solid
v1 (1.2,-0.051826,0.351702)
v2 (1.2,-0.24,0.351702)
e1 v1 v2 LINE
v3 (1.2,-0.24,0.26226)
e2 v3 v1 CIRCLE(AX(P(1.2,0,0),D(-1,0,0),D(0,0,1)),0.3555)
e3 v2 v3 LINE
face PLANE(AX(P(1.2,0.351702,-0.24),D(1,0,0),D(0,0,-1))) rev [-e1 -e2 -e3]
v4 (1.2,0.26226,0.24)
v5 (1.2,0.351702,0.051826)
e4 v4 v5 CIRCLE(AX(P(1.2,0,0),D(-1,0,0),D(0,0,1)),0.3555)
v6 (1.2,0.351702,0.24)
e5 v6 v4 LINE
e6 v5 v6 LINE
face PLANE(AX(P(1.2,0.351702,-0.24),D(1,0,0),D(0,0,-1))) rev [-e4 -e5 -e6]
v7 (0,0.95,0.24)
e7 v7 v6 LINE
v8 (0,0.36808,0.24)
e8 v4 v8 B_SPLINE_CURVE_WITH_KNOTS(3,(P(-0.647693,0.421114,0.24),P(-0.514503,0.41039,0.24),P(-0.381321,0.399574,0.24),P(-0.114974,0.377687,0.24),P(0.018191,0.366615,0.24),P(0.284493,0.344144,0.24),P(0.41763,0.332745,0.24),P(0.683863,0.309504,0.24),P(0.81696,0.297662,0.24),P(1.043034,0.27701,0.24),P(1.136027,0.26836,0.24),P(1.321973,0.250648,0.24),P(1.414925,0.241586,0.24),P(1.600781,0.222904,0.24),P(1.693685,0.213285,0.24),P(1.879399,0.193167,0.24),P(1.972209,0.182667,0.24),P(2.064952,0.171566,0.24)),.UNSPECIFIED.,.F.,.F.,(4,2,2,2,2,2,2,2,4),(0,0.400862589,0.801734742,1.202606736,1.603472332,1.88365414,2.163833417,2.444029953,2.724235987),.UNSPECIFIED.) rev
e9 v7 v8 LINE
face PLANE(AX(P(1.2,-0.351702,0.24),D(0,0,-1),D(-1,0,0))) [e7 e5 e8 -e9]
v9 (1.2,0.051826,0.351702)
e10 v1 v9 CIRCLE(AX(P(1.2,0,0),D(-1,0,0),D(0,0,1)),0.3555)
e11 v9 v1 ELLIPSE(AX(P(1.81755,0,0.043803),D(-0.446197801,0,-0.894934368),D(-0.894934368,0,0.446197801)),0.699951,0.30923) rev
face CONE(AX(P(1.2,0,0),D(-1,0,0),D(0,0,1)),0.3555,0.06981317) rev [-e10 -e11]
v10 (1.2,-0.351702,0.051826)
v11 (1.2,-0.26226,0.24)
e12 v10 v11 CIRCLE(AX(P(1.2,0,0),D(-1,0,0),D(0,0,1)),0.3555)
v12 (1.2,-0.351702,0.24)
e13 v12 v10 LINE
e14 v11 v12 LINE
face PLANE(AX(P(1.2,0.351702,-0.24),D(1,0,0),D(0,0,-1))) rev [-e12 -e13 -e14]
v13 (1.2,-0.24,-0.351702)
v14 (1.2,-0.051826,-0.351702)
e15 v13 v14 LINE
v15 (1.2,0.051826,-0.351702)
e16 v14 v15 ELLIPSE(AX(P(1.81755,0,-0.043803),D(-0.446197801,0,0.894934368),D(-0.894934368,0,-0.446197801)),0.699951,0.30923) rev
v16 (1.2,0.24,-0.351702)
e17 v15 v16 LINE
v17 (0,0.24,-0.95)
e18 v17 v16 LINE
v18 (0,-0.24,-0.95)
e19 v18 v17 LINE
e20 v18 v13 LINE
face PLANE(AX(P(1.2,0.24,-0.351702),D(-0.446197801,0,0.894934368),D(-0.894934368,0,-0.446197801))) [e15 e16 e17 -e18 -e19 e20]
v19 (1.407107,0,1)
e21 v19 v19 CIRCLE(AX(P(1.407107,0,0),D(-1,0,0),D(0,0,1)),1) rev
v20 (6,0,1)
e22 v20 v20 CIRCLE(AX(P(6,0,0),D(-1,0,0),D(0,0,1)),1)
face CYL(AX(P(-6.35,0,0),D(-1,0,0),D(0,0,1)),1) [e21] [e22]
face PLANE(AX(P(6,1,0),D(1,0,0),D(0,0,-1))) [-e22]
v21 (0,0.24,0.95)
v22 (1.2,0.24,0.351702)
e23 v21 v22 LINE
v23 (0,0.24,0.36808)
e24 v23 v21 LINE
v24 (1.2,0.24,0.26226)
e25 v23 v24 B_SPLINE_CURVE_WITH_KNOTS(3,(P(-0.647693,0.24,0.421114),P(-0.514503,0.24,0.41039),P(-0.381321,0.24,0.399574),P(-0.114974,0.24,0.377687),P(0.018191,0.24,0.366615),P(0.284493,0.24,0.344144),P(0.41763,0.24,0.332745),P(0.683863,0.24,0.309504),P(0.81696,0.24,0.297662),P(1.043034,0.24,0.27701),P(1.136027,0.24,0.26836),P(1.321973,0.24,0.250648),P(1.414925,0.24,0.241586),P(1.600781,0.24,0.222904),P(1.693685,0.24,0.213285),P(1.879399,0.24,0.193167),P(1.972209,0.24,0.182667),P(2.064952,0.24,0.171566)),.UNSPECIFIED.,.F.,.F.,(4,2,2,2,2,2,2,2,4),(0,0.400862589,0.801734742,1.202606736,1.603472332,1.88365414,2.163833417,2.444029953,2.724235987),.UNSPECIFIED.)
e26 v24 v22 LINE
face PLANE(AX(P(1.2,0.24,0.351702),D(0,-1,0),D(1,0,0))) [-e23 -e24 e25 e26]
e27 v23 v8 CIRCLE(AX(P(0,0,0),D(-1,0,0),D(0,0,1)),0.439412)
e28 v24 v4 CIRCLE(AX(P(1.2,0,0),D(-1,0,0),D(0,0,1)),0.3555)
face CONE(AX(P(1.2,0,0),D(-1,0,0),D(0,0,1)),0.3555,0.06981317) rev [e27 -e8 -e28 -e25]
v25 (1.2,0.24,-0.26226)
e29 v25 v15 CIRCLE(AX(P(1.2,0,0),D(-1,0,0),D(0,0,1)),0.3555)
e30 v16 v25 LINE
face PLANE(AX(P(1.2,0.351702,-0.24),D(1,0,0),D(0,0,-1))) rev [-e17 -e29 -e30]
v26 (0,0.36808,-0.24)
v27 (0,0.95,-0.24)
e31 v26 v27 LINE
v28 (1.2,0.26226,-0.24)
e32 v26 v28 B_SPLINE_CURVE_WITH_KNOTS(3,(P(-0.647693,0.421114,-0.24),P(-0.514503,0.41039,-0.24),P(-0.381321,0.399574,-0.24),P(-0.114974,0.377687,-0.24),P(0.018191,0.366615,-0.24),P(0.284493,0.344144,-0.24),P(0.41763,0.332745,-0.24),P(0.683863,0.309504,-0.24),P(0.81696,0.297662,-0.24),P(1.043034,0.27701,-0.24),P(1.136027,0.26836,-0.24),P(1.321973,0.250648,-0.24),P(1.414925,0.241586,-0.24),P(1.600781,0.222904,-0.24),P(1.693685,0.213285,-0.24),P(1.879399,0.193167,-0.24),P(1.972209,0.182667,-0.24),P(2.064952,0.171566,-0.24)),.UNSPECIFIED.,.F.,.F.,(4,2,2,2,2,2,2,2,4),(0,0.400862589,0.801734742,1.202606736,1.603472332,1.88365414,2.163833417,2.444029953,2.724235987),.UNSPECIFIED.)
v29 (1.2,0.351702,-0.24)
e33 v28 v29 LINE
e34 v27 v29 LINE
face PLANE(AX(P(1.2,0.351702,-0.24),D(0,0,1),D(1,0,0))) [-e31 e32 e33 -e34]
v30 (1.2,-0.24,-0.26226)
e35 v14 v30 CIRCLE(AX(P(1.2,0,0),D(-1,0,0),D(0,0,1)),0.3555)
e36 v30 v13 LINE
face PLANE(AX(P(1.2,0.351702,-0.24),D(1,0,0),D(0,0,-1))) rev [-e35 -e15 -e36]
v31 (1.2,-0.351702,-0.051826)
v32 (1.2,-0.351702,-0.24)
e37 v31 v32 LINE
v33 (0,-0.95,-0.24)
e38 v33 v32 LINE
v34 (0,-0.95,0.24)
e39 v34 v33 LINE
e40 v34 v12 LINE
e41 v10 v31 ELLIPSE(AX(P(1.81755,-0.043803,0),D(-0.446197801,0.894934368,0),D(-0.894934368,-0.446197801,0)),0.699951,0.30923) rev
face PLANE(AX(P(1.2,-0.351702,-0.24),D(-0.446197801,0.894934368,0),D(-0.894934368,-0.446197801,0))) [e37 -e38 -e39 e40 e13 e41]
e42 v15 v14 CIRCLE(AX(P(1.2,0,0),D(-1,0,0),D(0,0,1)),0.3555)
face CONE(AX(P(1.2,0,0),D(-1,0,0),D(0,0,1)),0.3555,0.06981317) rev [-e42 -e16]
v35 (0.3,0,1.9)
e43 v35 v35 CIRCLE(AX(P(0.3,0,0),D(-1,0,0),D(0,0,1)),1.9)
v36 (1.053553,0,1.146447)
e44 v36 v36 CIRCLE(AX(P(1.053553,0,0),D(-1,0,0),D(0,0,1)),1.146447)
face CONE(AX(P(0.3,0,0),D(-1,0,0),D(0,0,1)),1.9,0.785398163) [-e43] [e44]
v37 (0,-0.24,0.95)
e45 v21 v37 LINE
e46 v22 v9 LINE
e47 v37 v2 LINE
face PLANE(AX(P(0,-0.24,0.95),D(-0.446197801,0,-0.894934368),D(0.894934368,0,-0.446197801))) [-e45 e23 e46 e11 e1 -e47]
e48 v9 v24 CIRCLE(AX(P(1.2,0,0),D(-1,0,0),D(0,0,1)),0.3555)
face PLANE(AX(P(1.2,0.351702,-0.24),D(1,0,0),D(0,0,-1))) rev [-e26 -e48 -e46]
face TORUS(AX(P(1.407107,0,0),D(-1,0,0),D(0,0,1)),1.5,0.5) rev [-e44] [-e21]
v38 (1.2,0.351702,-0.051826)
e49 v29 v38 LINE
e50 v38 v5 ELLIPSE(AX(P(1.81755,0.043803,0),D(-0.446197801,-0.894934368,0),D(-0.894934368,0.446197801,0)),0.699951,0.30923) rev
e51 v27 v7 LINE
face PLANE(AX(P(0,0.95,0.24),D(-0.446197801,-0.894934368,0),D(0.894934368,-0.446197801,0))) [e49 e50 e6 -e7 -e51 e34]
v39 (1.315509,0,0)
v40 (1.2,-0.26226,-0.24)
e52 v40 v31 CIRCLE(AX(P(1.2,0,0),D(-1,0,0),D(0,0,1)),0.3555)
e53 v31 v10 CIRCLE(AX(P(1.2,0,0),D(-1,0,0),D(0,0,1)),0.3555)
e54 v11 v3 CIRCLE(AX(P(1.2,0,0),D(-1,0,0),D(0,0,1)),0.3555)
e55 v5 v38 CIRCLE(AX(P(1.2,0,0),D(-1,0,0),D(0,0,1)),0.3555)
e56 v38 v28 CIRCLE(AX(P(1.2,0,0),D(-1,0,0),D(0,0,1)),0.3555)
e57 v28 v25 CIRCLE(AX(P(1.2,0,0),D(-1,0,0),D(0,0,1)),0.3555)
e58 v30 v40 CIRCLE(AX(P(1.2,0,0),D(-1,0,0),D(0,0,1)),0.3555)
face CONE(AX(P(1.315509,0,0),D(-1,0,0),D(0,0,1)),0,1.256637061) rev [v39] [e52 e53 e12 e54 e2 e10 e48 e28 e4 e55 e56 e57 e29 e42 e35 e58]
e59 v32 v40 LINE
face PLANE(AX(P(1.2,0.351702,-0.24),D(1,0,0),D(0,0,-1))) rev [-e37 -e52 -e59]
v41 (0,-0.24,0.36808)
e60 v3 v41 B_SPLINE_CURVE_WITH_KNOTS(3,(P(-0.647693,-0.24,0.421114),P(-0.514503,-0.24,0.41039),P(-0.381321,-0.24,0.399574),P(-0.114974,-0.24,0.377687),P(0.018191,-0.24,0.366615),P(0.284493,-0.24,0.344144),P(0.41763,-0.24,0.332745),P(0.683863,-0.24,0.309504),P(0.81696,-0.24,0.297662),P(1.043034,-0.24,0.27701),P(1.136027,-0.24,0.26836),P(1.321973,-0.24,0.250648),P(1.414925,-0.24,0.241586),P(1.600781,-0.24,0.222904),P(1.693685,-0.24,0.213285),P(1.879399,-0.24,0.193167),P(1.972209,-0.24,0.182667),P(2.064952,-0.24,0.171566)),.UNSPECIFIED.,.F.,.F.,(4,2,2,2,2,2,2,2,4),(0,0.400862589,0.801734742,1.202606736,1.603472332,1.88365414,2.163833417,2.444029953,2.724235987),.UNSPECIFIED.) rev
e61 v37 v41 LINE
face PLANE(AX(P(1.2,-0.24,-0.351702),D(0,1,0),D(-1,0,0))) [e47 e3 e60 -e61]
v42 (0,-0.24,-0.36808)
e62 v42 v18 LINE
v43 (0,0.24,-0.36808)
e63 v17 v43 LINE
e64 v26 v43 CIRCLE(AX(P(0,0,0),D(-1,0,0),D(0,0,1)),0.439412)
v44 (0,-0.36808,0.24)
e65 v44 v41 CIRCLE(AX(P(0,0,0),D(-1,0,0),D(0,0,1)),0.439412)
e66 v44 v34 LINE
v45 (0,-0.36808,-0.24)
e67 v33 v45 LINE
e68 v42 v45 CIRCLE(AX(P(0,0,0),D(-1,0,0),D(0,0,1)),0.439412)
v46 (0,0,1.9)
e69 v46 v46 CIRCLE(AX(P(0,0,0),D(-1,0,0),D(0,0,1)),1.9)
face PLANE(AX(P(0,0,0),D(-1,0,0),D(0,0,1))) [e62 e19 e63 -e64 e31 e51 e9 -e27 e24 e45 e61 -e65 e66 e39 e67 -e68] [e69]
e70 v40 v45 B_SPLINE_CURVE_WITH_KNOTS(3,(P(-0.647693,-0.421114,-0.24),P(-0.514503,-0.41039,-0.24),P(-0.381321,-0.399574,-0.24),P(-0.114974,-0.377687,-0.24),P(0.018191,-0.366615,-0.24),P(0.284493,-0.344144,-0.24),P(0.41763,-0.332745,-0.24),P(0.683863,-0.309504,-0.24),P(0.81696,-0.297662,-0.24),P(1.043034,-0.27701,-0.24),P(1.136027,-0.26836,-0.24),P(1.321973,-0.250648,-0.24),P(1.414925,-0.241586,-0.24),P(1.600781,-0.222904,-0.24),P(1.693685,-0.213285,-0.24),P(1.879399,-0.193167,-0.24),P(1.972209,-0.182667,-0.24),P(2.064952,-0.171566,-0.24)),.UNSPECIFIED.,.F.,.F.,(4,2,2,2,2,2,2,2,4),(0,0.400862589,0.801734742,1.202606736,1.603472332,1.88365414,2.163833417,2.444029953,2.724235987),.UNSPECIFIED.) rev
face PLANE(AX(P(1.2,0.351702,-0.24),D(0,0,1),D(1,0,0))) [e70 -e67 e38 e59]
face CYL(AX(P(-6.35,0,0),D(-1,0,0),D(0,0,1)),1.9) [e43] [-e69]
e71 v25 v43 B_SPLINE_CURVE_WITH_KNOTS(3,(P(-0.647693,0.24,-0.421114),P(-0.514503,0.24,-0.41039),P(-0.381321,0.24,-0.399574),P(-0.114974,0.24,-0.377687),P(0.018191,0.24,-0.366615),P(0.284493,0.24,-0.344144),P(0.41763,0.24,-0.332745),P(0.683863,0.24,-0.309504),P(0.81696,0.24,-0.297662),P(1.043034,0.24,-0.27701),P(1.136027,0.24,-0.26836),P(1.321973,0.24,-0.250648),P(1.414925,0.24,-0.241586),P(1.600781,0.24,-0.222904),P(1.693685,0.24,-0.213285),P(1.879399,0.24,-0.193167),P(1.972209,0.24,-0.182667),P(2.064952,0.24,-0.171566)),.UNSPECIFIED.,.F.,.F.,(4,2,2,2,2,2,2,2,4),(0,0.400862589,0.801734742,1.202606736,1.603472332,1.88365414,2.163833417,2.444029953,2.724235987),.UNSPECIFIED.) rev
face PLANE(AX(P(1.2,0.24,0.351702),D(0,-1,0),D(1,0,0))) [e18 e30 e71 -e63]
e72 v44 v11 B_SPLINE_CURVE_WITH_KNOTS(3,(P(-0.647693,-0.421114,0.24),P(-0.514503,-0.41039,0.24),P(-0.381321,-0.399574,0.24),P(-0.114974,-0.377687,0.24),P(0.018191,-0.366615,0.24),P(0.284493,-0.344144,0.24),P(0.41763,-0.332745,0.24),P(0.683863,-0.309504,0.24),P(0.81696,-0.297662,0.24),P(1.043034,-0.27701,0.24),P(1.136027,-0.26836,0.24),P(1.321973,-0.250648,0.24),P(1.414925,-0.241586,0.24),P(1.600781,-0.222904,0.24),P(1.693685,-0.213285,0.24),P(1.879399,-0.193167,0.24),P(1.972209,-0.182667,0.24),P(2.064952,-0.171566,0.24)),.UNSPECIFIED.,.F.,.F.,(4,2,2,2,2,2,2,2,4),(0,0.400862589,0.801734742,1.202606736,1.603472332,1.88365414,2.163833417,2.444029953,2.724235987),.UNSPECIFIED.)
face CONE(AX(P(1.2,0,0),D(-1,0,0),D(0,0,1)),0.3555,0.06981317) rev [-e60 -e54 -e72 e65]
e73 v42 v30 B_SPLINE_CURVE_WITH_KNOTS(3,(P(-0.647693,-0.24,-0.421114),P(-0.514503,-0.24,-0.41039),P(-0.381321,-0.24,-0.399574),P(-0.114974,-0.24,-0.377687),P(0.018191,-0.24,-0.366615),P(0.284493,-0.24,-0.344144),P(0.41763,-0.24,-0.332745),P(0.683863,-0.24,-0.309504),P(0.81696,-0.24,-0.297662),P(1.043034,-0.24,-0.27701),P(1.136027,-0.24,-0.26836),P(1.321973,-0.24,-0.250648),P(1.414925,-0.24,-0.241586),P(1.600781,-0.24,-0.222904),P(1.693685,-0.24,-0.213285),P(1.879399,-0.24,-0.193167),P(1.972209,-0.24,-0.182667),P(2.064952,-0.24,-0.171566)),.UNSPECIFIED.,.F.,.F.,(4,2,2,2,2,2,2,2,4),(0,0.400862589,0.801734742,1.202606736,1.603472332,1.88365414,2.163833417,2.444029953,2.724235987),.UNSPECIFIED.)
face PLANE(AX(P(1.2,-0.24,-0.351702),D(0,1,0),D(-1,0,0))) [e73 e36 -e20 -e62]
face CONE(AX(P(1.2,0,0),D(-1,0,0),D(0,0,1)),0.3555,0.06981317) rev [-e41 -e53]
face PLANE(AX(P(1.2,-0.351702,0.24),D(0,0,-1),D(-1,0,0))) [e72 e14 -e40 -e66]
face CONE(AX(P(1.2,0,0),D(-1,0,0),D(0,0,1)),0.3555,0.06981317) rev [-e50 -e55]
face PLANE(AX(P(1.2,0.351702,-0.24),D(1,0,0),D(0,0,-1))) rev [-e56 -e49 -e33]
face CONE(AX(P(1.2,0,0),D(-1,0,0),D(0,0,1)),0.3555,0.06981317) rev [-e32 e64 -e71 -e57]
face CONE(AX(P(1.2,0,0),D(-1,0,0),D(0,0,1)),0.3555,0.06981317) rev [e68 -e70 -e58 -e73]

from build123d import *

# Parameters (mm, degrees)
FILLET1_R    = 0.5
RECPAT_COUNT = 2
RECPAT_ANGLE = 90


with BuildPart() as part:
    # BodySke → Base-Revolve (revolve)
    with BuildSketch(Plane.XY, mode=Mode.PRIVATE) as base_revolve_sk:
        Polygon((0, 0), (0, 1.9), (0.3, 1.9), (1.2, 1), (6, 1), (6, 0), align=None)
    revolve(base_revolve_sk.sketch.rotate(Axis((-6.35, 0, 0), (1, 0, 0)), 90), axis=Axis((-6.35, 0, 0), (1, 0, 0)))

    # Fillet1
    fillet1_edges = [part.edges().sort_by_distance(p)[0] for p in [
        (1.2, 0, -1),
    ]]
    fillet(fillet1_edges, radius=FILLET1_R)

    # Sketch3 → Recess section 0
    with BuildSketch(Plane.ZY):
        with BuildLine():
            Line((-0.24, 0.95), (0.24, 0.95))
            Line((0.24, 0.95), (0.24, -0.95))
            Line((0.24, -0.95), (-0.24, -0.95))
            Line((-0.24, -0.95), (-0.24, 0.95))
        make_face()
    # Sketch4 → Recess section 1
    with BuildSketch(Plane.ZY.offset(-1.2)):
        with BuildLine():
            Line((-0.24, 0.351702091), (0.24, 0.351702091))
            Line((0.24, 0.351702091), (0.24, -0.351702091))
            Line((0.24, -0.351702091), (-0.24, -0.351702091))
            Line((-0.24, -0.351702091), (-0.24, 0.351702091))
        make_face()
    recess = loft(mode=Mode.SUBTRACT)

    # RecPat: Recess ×2 about axis
    recpat_axis = Axis((0, 0, 0), (1, 0, 0))
    for i in range(1, RECPAT_COUNT):
        add(recess.rotate(recpat_axis, i * RECPAT_ANGLE / (RECPAT_COUNT - 1)), mode=Mode.SUBTRACT)

    # RecCorSke → RecessCore (revolve, cut)
    with BuildSketch(Plane.XY, mode=Mode.PRIVATE) as recesscore_sk:
        Polygon((0, 0), (0, 0.439412174), (1.2, 0.3555), (1.315508952, 0), align=None)
    revolve(recesscore_sk.sketch.rotate(Axis((-3.175, 0, 0), (1, 0, 0)), 90), axis=Axis((-3.175, 0, 0), (1, 0, 0)), mode=Mode.SUBTRACT)


solid = part.part
